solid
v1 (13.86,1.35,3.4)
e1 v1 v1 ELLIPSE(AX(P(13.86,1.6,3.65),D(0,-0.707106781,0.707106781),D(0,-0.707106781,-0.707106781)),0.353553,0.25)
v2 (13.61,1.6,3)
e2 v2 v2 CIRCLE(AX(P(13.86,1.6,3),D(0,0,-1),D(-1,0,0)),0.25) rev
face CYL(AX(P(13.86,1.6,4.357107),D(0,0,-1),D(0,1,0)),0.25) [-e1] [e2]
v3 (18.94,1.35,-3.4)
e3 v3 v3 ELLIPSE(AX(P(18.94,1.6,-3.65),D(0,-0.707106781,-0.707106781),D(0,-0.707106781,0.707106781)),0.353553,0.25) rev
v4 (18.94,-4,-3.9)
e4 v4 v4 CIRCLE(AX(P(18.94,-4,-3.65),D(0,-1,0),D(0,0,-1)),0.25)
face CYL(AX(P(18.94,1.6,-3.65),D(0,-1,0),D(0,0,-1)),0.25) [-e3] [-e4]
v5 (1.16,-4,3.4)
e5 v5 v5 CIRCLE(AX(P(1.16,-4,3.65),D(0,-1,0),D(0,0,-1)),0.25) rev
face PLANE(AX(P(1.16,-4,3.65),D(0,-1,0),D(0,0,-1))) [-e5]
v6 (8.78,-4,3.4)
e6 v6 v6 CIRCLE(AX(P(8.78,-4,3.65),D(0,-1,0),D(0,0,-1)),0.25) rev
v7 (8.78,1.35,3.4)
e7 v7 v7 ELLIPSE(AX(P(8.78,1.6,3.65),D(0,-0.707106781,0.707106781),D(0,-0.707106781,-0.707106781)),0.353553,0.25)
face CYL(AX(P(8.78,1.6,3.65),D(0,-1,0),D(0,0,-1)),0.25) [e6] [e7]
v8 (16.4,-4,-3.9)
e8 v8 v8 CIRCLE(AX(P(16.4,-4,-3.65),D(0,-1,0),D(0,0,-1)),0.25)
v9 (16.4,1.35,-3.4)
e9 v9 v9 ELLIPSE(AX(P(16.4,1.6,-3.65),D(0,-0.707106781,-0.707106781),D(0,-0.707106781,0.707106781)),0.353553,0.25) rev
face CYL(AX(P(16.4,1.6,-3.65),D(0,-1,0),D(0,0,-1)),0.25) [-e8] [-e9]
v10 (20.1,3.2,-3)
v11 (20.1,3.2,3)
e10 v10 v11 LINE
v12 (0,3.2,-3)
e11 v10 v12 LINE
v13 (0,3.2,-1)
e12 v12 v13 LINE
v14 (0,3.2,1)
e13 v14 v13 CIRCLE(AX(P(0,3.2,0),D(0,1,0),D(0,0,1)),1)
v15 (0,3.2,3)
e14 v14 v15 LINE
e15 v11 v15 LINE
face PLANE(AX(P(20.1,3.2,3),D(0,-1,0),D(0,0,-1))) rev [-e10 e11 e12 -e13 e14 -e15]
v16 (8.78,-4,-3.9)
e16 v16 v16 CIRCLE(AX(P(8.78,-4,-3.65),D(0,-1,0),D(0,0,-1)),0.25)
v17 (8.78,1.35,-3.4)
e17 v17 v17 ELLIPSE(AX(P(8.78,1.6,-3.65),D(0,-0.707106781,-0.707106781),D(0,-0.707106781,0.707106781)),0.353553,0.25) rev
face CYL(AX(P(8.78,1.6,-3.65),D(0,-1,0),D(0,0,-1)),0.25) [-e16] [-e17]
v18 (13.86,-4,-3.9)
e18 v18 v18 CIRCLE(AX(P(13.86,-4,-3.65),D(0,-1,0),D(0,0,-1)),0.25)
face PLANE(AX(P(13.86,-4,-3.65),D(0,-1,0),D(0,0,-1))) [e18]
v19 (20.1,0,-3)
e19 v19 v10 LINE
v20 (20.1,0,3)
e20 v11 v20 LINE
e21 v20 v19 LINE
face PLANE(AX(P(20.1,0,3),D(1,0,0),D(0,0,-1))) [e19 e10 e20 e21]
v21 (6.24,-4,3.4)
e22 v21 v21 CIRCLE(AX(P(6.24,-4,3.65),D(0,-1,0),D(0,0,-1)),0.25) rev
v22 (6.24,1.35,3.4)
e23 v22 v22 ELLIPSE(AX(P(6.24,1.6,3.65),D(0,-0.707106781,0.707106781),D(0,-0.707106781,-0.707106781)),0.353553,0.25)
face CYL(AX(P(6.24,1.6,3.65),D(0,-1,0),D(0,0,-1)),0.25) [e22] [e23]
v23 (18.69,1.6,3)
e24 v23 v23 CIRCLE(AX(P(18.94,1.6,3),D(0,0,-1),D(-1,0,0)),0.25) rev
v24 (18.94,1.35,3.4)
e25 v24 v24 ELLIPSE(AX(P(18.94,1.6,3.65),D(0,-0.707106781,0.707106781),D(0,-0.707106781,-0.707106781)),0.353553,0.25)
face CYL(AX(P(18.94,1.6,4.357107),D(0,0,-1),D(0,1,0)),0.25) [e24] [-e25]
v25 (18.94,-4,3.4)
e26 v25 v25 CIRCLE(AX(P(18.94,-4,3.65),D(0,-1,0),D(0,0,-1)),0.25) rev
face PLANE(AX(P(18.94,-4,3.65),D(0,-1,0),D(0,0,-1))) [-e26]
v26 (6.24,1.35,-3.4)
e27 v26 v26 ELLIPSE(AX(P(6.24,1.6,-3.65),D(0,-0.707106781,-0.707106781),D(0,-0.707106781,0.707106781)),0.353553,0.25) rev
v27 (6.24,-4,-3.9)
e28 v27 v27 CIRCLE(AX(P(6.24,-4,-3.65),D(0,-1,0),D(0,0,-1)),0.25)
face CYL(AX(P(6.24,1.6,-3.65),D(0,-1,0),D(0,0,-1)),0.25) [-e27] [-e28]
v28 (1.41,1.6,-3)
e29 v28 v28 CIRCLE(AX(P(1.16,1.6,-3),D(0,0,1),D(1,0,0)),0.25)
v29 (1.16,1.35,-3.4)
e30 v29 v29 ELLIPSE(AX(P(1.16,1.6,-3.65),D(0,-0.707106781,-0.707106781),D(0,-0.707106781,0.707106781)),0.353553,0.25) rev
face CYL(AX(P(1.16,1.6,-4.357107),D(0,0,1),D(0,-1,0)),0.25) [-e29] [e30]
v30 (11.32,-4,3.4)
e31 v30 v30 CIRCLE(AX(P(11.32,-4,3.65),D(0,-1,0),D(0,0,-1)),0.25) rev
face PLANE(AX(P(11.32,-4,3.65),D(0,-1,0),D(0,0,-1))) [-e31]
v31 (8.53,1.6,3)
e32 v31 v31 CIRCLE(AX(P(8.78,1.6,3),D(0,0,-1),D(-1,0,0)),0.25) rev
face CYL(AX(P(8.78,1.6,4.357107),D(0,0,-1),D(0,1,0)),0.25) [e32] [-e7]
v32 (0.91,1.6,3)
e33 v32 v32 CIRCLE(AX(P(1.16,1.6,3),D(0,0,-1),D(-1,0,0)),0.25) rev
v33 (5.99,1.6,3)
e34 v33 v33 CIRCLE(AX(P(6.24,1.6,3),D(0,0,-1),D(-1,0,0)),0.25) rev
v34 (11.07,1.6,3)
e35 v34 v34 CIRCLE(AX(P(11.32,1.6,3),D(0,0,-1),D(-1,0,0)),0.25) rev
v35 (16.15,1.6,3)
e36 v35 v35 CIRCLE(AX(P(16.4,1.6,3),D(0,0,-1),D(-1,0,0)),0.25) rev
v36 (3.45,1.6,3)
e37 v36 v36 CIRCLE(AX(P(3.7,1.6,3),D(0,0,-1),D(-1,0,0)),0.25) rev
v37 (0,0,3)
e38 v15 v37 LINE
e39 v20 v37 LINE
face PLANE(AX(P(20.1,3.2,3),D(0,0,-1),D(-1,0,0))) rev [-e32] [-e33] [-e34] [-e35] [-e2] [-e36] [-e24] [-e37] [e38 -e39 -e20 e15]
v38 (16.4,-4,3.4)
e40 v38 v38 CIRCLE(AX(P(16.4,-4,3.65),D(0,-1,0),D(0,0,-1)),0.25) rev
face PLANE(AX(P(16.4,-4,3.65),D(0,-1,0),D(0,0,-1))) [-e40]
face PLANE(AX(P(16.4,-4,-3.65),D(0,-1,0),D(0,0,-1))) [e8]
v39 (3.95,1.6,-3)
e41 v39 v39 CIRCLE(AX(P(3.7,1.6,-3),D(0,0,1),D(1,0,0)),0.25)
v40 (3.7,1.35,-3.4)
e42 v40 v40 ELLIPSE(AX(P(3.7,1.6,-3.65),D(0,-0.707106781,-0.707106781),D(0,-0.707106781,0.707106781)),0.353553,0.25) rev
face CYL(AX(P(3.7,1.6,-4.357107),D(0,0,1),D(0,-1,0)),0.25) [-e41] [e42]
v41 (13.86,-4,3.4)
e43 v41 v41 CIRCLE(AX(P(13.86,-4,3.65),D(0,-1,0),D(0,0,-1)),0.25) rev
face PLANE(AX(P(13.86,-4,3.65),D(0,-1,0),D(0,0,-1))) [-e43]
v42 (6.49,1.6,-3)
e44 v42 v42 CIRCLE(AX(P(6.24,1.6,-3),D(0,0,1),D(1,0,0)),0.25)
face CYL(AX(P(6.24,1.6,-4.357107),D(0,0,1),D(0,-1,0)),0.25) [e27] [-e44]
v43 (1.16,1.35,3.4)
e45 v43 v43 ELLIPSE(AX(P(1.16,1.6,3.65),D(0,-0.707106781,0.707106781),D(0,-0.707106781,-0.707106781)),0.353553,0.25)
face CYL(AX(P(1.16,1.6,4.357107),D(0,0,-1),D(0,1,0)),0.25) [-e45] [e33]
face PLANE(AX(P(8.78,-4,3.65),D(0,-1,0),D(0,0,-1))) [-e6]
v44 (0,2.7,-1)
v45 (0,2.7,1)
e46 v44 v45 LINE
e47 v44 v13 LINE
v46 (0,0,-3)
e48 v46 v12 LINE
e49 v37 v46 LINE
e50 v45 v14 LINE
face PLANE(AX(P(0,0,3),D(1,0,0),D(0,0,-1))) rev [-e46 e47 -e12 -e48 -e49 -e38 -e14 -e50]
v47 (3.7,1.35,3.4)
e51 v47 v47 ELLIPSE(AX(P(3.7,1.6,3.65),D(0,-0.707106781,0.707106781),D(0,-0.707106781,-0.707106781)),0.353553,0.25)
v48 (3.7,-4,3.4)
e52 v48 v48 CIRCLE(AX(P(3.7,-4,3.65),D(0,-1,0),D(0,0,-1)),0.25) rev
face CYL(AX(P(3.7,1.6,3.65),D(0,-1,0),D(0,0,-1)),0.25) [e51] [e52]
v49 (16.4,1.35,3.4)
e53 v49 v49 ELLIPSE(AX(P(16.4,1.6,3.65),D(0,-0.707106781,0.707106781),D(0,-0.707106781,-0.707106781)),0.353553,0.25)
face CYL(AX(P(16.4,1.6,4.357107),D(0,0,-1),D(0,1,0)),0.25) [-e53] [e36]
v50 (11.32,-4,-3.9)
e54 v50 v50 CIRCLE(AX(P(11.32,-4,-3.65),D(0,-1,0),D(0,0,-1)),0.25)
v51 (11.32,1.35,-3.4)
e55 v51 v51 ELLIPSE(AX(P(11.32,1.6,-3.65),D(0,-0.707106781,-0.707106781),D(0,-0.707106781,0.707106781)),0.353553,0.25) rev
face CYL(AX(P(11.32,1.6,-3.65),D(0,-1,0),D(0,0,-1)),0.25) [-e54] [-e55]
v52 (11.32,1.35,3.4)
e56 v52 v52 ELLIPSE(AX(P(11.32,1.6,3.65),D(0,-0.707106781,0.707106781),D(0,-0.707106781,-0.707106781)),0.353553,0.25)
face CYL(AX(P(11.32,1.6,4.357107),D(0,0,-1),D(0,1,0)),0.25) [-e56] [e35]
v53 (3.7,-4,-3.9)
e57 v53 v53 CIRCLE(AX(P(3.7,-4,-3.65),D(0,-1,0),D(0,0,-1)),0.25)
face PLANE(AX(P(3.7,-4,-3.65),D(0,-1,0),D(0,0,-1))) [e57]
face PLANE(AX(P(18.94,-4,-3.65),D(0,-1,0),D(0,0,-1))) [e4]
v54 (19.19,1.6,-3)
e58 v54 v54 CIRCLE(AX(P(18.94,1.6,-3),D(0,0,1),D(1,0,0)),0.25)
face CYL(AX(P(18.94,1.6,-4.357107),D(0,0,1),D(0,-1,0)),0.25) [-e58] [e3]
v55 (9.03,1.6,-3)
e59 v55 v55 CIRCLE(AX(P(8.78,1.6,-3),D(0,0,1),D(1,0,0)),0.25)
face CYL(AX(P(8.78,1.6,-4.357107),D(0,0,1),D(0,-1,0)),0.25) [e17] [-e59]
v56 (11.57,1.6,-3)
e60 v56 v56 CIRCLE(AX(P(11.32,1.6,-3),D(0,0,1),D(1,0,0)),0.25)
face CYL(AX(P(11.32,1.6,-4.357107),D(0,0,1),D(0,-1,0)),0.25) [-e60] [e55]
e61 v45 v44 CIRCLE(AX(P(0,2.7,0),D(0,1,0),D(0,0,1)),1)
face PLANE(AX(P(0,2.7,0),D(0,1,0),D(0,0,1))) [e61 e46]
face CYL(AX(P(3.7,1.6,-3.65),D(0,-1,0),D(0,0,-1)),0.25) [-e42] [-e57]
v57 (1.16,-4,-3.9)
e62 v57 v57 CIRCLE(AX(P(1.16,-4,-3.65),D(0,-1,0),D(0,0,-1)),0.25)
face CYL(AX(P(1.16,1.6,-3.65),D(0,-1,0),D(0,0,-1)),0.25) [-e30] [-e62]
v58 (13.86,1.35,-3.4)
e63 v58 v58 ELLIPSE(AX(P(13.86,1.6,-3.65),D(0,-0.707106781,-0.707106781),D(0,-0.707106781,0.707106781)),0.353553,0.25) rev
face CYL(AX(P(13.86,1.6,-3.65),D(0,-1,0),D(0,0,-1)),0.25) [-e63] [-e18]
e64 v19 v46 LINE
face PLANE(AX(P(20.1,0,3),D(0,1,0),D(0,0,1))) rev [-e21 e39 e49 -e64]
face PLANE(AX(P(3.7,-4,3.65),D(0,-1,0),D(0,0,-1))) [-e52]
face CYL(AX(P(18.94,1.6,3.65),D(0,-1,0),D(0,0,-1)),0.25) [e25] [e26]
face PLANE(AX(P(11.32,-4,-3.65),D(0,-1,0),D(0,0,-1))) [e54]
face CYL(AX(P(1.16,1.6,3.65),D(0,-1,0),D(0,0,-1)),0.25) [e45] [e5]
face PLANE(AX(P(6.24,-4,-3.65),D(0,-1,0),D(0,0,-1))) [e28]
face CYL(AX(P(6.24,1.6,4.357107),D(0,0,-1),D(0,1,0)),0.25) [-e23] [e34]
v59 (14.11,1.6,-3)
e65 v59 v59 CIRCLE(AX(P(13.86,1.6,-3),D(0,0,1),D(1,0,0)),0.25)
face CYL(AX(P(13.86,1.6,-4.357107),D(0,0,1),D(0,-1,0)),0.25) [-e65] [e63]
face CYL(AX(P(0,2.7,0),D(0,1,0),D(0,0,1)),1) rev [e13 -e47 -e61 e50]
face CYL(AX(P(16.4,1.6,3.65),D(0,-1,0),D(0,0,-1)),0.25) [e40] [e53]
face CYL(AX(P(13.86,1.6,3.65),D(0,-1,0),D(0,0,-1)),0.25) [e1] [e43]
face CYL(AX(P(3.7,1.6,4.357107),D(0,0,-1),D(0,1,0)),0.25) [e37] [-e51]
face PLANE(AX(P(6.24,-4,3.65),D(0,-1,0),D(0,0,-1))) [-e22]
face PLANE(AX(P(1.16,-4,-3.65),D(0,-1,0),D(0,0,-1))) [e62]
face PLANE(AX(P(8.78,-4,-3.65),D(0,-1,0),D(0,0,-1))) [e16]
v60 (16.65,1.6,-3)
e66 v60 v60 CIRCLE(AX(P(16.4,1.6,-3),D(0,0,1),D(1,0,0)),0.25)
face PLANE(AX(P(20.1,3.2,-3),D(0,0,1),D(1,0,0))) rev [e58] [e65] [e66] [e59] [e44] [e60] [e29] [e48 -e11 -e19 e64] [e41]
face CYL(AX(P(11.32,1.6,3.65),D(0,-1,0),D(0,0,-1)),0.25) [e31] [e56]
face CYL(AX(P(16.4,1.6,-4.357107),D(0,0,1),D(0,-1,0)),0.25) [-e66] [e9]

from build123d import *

# Parameters (mm, degrees)
ESQUISSE1_W                          = 6
ESQUISSE1_H                          = 3.2
EXTRUSION1_DEPTH                     = 20.1
ENL_V_MAT_EXTRU_1_DEPTH              = 0.5
ESQUISSE3_R                          = 0.25
R_P_TITION_LIN_AIRE1_COUNT           = 8
R_P_TITION_LIN_AIRE1_PITCH           = 2.54
R_P_TITION_LIN_AIRE1_COPY_1_SKETCH_R = 0.25
R_P_TITION_LIN_AIRE1_COPY_2_SKETCH_R = 0.25
R_P_TITION_LIN_AIRE1_COPY_3_SKETCH_R = 0.25
R_P_TITION_LIN_AIRE1_COPY_4_SKETCH_R = 0.25
R_P_TITION_LIN_AIRE1_COPY_5_SKETCH_R = 0.25
R_P_TITION_LIN_AIRE1_COPY_6_SKETCH_R = 0.25
R_P_TITION_LIN_AIRE1_COPY_7_SKETCH_R = 0.25


with BuildPart() as part:
    # Esquisse1 → Extrusion1 (new body)
    with BuildSketch(Plane(origin=(0, 0, 0), x_dir=(0, 0, -1), z_dir=(1, 0, 0))):
        with Locations((0, 1.6)):
            Rectangle(ESQUISSE1_W, ESQUISSE1_H)
    extrude(amount=EXTRUSION1_DEPTH)

    # Esquisse2 → Enlèv. mat.-Extru.1 (cut)
    with BuildSketch(Plane(origin=(0, 3.2, 0), x_dir=(-1, 0, 0), z_dir=(0, 1, 0))):
        with BuildLine():
            Line((0, -1), (0, 1))
            ThreePointArc((0, 1), (-1, 0), (0, -1))
        make_face()
    extrude(amount=-ENL_V_MAT_EXTRU_1_DEPTH, mode=Mode.SUBTRACT)

    # Balayage1: sweep along a path in Esquisse5
    with BuildLine(Plane(origin=(1.16, 0, 0), x_dir=(0, 0, -1), z_dir=(1, 0, 0))) as balayage1_path:
        Line((-3, 1.6), (-3.65, 1.6))
        Line((-3.65, 1.6), (-3.65, -4))
    # Esquisse3 → Balayage1 (sweep)
    with BuildSketch(Plane.XY.offset(3)):
        with Locations((1.16, 1.6)):
            Circle(ESQUISSE3_R)
    balayage1 = sweep(path=balayage1_path.line, transition=Transition.RIGHT)

    # Symétrie1: Balayage1 across plane
    add(balayage1.mirror(Plane.XY))

    # Répétition linéaire1: Balayage1 ×8
    with Locations(*[(i * R_P_TITION_LIN_AIRE1_PITCH, 0, 0) for i in range(1, R_P_TITION_LIN_AIRE1_COUNT)]):
        add(balayage1)

    # Répétition linéaire1 copy 1: sweep along a path in Répétition linéaire1 copy 1 path
    with BuildLine(Plane(origin=(3.7, 0, 0), x_dir=(0, 0, 1), z_dir=(1, 0, 0))) as r_p_tition_lin_aire1_copy_1_path:
        Line((-3, -1.6), (-3.65, -1.6))
        Line((-3.65, -1.6), (-3.65, 4))
    # Répétition linéaire1 copy 1 sketch → Répétition linéaire1 copy 1 (sweep)
    with BuildSketch(Plane(origin=(2.54, 0, -3), x_dir=(1, 0, 0), z_dir=(0, 0, -1))):
        with Locations((1.16, -1.6)):
            Circle(R_P_TITION_LIN_AIRE1_COPY_1_SKETCH_R)
    sweep(path=r_p_tition_lin_aire1_copy_1_path.line, transition=Transition.RIGHT)

    # Répétition linéaire1 copy 2: sweep along a path in Répétition linéaire1 copy 2 path
    with BuildLine(Plane(origin=(6.24, 0, 0), x_dir=(0, 0, 1), z_dir=(1, 0, 0))) as r_p_tition_lin_aire1_copy_2_path:
        Line((-3, -1.6), (-3.65, -1.6))
        Line((-3.65, -1.6), (-3.65, 4))
    # Répétition linéaire1 copy 2 sketch → Répétition linéaire1 copy 2 (sweep)
    with BuildSketch(Plane(origin=(5.08, 0, -3), x_dir=(1, 0, 0), z_dir=(0, 0, -1))):
        with Locations((1.16, -1.6)):
            Circle(R_P_TITION_LIN_AIRE1_COPY_2_SKETCH_R)
    sweep(path=r_p_tition_lin_aire1_copy_2_path.line, transition=Transition.RIGHT)

    # Répétition linéaire1 copy 3: sweep along a path in Répétition linéaire1 copy 3 path
    with BuildLine(Plane(origin=(8.78, 0, 0), x_dir=(0, 0, 1), z_dir=(1, 0, 0))) as r_p_tition_lin_aire1_copy_3_path:
        Line((-3, -1.6), (-3.65, -1.6))
        Line((-3.65, -1.6), (-3.65, 4))
    # Répétition linéaire1 copy 3 sketch → Répétition linéaire1 copy 3 (sweep)
    with BuildSketch(Plane(origin=(7.62, 0, -3), x_dir=(1, 0, 0), z_dir=(0, 0, -1))):
        with Locations((1.16, -1.6)):
            Circle(R_P_TITION_LIN_AIRE1_COPY_3_SKETCH_R)
    sweep(path=r_p_tition_lin_aire1_copy_3_path.line, transition=Transition.RIGHT)

    # Répétition linéaire1 copy 4: sweep along a path in Répétition linéaire1 copy 4 path
    with BuildLine(Plane(origin=(11.32, 0, 0), x_dir=(0, 0, 1), z_dir=(1, 0, 0))) as r_p_tition_lin_aire1_copy_4_path:
        Line((-3, -1.6), (-3.65, -1.6))
        Line((-3.65, -1.6), (-3.65, 4))
    # Répétition linéaire1 copy 4 sketch → Répétition linéaire1 copy 4 (sweep)
    with BuildSketch(Plane(origin=(10.16, 0, -3), x_dir=(1, 0, 0), z_dir=(0, 0, -1))):
        with Locations((1.16, -1.6)):
            Circle(R_P_TITION_LIN_AIRE1_COPY_4_SKETCH_R)
    sweep(path=r_p_tition_lin_aire1_copy_4_path.line, transition=Transition.RIGHT)

    # Répétition linéaire1 copy 5: sweep along a path in Répétition linéaire1 copy 5 path
    with BuildLine(Plane(origin=(13.86, 0, 0), x_dir=(0, 0, 1), z_dir=(1, 0, 0))) as r_p_tition_lin_aire1_copy_5_path:
        Line((-3, -1.6), (-3.65, -1.6))
        Line((-3.65, -1.6), (-3.65, 4))
    # Répétition linéaire1 copy 5 sketch → Répétition linéaire1 copy 5 (sweep)
    with BuildSketch(Plane(origin=(12.7, 0, -3), x_dir=(1, 0, 0), z_dir=(0, 0, -1))):
        with Locations((1.16, -1.6)):
            Circle(R_P_TITION_LIN_AIRE1_COPY_5_SKETCH_R)
    sweep(path=r_p_tition_lin_aire1_copy_5_path.line, transition=Transition.RIGHT)

    # Répétition linéaire1 copy 6: sweep along a path in Répétition linéaire1 copy 6 path
    with BuildLine(Plane(origin=(16.4, 0, 0), x_dir=(0, 0, 1), z_dir=(1, 0, 0))) as r_p_tition_lin_aire1_copy_6_path:
        Line((-3, -1.6), (-3.65, -1.6))
        Line((-3.65, -1.6), (-3.65, 4))
    # Répétition linéaire1 copy 6 sketch → Répétition linéaire1 copy 6 (sweep)
    with BuildSketch(Plane(origin=(15.24, 0, -3), x_dir=(1, 0, 0), z_dir=(0, 0, -1))):
        with Locations((1.16, -1.6)):
            Circle(R_P_TITION_LIN_AIRE1_COPY_6_SKETCH_R)
    sweep(path=r_p_tition_lin_aire1_copy_6_path.line, transition=Transition.RIGHT)

    # Répétition linéaire1 copy 7: sweep along a path in Répétition linéaire1 copy 7 path
    with BuildLine(Plane(origin=(18.94, 0, 0), x_dir=(0, 0, 1), z_dir=(1, 0, 0))) as r_p_tition_lin_aire1_copy_7_path:
        Line((-3, -1.6), (-3.65, -1.6))
        Line((-3.65, -1.6), (-3.65, 4))
    # Répétition linéaire1 copy 7 sketch → Répétition linéaire1 copy 7 (sweep)
    with BuildSketch(Plane(origin=(17.78, 0, -3), x_dir=(1, 0, 0), z_dir=(0, 0, -1))):
        with Locations((1.16, -1.6)):
            Circle(R_P_TITION_LIN_AIRE1_COPY_7_SKETCH_R)
    sweep(path=r_p_tition_lin_aire1_copy_7_path.line, transition=Transition.RIGHT)


solid = part.part
